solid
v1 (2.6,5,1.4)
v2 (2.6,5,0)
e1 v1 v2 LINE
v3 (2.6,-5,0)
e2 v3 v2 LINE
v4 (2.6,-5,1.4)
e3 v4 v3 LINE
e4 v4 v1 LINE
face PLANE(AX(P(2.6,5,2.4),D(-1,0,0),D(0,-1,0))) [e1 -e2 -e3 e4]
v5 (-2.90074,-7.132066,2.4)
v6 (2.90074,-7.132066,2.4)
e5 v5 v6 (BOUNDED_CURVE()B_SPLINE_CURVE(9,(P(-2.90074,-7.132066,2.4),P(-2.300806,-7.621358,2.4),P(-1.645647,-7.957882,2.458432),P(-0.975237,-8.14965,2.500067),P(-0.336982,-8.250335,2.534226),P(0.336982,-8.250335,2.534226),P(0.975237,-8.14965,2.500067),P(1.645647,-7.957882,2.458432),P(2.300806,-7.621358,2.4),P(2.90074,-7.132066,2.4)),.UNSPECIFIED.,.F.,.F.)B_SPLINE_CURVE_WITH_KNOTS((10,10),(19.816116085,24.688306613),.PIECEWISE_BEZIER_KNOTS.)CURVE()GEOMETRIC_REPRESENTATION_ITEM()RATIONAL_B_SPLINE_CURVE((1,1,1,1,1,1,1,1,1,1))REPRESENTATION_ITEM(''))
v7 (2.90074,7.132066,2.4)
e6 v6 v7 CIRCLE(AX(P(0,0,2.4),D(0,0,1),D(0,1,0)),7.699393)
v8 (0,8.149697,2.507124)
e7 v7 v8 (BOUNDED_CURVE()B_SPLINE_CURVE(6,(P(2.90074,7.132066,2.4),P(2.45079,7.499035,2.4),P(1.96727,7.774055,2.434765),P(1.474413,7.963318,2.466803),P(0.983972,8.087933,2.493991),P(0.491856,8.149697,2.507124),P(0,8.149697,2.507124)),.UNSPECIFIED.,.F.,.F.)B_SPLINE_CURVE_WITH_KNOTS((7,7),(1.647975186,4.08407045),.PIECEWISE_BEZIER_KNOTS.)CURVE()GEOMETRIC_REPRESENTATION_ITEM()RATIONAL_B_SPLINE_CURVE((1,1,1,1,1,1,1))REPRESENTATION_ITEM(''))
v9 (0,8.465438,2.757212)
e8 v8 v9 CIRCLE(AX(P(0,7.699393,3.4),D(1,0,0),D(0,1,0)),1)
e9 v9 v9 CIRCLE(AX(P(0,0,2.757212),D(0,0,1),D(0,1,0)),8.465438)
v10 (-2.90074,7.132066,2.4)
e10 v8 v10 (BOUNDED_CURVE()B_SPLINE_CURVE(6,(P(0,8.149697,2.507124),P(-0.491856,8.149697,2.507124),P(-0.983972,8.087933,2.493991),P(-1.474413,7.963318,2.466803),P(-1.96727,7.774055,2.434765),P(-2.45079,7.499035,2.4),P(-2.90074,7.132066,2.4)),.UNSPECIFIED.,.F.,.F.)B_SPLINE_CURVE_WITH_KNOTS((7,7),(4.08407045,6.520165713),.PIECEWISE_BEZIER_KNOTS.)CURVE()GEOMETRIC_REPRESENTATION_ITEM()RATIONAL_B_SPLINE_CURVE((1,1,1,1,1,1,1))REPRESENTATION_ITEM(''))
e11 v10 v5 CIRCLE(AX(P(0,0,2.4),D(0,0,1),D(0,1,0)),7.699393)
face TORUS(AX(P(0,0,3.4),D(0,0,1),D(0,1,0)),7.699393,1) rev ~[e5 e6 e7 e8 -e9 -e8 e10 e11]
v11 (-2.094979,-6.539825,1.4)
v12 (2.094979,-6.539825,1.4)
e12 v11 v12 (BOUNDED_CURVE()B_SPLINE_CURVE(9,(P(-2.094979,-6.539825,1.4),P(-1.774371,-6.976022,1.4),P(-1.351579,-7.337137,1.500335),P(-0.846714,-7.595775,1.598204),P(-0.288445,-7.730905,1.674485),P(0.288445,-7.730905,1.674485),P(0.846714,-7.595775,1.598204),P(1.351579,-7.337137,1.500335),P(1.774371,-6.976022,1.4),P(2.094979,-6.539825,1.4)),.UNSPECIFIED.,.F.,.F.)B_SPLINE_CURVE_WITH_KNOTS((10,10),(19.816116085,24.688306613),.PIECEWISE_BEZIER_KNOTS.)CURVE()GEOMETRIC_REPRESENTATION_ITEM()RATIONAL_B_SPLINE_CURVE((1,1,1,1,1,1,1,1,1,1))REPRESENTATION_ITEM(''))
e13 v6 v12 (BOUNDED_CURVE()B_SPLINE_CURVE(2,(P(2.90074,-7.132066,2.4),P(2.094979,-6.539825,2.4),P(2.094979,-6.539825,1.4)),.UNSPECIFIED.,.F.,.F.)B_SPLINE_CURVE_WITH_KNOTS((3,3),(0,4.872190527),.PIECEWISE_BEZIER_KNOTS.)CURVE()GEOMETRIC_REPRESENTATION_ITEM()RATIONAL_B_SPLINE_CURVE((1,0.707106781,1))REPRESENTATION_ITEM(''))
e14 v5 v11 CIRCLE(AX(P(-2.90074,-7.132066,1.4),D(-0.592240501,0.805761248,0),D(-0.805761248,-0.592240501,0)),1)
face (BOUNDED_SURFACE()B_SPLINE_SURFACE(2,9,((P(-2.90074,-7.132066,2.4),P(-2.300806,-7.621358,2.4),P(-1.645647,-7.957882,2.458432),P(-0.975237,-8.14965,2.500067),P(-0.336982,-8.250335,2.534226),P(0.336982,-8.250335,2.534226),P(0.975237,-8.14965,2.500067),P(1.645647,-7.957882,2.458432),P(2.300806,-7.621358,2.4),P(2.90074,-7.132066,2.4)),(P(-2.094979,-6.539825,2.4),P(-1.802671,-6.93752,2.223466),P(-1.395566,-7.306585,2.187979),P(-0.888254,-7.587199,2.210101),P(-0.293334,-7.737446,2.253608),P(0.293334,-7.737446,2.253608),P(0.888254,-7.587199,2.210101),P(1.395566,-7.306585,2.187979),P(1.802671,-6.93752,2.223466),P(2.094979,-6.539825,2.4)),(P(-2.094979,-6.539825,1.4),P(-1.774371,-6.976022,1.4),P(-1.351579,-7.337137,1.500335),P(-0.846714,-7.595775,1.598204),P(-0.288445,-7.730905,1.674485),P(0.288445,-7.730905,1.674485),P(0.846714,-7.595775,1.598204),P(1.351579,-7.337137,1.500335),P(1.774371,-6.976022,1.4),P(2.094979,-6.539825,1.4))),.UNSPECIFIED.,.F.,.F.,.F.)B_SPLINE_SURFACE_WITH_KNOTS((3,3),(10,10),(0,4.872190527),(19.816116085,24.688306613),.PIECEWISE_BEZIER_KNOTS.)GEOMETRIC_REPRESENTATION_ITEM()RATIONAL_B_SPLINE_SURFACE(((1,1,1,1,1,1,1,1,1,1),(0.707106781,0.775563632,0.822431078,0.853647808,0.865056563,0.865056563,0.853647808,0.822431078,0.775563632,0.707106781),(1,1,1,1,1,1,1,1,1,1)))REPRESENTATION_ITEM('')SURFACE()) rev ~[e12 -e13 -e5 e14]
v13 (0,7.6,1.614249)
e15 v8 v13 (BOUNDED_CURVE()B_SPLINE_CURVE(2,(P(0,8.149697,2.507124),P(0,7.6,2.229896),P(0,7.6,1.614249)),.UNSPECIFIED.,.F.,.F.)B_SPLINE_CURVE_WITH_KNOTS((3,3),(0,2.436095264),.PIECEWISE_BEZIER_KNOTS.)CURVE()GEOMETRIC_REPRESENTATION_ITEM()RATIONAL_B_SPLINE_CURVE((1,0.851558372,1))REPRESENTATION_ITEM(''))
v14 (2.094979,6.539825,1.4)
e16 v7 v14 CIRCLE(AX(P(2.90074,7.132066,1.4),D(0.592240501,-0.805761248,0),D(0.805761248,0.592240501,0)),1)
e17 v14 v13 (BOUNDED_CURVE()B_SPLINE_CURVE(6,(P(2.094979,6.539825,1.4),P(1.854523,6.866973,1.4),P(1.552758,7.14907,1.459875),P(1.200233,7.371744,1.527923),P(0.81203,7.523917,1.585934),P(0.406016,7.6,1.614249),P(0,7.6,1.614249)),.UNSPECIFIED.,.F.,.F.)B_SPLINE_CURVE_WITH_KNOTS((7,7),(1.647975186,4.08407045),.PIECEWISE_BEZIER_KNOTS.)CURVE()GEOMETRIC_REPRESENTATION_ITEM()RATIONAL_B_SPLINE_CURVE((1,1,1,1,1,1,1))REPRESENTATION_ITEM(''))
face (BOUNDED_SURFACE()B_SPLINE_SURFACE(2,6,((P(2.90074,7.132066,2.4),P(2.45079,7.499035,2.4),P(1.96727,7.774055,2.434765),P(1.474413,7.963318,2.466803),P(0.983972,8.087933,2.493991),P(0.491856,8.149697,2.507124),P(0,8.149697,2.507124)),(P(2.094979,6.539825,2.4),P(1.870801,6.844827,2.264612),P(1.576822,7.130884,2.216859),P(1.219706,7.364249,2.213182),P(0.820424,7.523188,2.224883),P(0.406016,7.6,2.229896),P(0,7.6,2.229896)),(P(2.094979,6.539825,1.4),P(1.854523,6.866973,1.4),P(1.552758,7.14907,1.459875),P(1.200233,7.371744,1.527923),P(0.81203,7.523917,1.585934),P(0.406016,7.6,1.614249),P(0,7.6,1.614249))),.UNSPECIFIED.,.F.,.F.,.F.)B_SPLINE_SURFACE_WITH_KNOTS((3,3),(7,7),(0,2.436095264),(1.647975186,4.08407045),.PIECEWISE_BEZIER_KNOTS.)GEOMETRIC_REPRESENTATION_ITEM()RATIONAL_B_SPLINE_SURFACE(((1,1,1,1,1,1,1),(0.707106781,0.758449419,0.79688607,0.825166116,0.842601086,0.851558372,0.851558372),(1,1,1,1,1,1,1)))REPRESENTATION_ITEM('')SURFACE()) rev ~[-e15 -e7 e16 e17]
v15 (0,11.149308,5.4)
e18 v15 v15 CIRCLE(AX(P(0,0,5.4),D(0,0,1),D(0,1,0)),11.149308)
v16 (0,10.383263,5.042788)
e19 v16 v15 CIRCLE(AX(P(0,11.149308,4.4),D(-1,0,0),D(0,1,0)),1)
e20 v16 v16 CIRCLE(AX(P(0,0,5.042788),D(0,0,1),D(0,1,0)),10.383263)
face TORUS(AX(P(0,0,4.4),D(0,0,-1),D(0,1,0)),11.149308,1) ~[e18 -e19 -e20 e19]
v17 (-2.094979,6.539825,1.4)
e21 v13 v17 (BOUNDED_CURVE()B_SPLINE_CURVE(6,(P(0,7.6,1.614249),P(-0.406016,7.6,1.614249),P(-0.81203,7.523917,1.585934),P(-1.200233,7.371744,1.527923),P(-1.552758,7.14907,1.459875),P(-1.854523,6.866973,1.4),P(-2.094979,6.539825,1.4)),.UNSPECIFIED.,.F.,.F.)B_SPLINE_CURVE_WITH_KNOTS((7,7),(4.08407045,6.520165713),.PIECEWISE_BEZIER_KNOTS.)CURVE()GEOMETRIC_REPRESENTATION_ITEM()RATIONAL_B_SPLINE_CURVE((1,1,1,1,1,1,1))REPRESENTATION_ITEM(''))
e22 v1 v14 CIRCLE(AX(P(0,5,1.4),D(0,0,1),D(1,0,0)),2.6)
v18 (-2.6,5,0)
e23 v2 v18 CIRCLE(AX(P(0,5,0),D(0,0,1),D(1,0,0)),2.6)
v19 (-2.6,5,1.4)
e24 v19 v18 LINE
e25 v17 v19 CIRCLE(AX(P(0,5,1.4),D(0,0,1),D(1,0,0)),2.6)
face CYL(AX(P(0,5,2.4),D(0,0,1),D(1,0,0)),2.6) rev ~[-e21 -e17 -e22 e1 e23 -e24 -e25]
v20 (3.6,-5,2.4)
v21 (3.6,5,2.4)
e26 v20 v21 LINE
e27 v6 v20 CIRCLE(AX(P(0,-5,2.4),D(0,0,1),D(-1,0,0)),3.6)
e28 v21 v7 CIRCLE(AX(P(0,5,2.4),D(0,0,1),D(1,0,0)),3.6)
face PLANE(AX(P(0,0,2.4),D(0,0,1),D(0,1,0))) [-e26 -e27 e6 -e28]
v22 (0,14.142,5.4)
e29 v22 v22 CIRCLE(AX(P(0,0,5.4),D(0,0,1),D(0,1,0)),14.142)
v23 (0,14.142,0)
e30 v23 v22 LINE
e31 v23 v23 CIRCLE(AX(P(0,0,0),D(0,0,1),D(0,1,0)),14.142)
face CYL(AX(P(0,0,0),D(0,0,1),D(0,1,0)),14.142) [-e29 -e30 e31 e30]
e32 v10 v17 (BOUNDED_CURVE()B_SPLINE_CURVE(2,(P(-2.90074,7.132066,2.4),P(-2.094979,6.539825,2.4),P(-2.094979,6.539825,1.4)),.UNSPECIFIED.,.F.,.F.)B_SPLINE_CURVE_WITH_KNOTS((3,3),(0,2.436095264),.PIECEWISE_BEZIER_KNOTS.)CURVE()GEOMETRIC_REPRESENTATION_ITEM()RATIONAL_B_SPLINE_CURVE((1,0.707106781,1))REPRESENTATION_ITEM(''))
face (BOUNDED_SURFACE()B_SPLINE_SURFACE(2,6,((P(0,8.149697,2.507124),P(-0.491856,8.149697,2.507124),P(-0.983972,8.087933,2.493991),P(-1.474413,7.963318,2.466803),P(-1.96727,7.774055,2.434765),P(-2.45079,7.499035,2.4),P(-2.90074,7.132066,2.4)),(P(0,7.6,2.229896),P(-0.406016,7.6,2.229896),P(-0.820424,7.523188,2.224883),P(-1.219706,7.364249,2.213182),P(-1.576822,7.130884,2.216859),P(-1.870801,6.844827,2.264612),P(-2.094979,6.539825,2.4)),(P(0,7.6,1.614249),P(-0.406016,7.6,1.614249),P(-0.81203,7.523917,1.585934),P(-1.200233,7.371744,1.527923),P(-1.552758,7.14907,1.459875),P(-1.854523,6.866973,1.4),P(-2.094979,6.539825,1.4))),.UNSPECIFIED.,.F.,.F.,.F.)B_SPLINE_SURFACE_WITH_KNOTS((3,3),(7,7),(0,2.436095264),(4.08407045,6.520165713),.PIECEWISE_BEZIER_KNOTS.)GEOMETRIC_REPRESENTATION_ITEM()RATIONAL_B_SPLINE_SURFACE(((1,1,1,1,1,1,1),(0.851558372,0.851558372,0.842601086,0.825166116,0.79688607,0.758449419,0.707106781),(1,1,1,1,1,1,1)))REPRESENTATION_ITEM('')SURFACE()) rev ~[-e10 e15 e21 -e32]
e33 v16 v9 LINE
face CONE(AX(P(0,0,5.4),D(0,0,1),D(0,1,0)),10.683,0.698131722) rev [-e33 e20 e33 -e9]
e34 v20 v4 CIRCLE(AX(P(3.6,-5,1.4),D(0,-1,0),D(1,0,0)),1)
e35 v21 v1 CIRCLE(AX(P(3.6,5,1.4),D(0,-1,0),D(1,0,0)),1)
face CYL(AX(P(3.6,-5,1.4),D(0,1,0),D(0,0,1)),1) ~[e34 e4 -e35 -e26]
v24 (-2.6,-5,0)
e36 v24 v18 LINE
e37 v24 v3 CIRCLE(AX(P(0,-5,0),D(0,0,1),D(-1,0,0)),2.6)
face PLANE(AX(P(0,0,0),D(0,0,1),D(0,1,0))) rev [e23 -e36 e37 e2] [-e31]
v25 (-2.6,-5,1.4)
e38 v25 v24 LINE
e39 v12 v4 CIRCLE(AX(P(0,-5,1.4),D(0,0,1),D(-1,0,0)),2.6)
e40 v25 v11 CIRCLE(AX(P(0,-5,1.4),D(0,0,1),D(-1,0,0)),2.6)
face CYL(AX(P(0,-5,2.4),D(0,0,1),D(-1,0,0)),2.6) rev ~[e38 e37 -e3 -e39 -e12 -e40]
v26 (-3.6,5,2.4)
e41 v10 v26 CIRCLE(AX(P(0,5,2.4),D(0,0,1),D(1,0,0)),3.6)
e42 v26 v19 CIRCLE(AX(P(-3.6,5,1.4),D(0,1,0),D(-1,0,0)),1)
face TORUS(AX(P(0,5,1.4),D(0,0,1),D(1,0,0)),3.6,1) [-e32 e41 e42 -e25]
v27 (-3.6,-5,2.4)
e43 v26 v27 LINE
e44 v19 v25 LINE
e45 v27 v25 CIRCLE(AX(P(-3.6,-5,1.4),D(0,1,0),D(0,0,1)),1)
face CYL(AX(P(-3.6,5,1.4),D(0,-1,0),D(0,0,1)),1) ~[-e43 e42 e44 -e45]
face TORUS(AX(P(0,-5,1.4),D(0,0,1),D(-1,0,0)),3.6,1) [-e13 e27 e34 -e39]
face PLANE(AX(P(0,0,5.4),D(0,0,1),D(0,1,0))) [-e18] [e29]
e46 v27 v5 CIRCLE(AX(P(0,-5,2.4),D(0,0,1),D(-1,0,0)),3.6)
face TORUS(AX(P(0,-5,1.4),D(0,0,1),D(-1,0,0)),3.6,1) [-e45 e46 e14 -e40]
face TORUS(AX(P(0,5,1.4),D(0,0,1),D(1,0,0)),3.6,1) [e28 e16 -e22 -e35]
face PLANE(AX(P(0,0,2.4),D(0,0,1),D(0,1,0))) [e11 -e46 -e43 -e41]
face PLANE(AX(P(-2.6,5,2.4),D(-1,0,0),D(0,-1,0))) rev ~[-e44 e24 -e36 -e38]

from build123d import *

# Parameters (mm, degrees)
POCKET_DEPTH = 5
FILLET_R     = 1
FILLET001_R  = 1
FILLET002_R  = 1


with BuildPart() as part:
    # Sketch → Revolution (revolve)
    with BuildSketch(Plane.YZ):
        Polygon((0, 0), (14.142, 0), (14.142, 5.4), (10.683, 5.4), (8.165701, 2.4), (0, 2.4), align=None)
    revolve(axis=Axis((0, 0, 0), (0, 0, 1)))

    # Sketch001 (on Face5 of Revolution) → Pocket (cut)
    with BuildSketch(Plane(origin=(0, 0, 2.4), x_dir=(0, -1, 0), z_dir=(0, 0, 1))):
        with BuildLine():
            Line((-5, 2.6), (5, 2.6))
            ThreePointArc((5, -2.6), (7.6, 0), (5, 2.6))
            Line((-5, -2.6), (5, -2.6))
            ThreePointArc((-5, 2.6), (-7.6, 0), (-5, -2.6))
        make_face()
    extrude(amount=-POCKET_DEPTH, mode=Mode.SUBTRACT)

    # Fillet
    fillet_edges = [part.edges().sort_by_distance(p)[0] for p in [
        (0, -8.165701, 2.4),
    ]]
    fillet(fillet_edges, radius=FILLET_R)

    # Fillet001
    fillet001_edges = [part.edges().sort_by_distance(p)[0] for p in [
        (0, 7.6, 2.4),
    ]]
    fillet(fillet001_edges, radius=FILLET001_R)

    # Fillet002
    fillet002_edges = [part.edges().sort_by_distance(p)[0] for p in [
        (0, -10.683, 5.4),
    ]]
    fillet(fillet002_edges, radius=FILLET002_R)


solid = part.part
